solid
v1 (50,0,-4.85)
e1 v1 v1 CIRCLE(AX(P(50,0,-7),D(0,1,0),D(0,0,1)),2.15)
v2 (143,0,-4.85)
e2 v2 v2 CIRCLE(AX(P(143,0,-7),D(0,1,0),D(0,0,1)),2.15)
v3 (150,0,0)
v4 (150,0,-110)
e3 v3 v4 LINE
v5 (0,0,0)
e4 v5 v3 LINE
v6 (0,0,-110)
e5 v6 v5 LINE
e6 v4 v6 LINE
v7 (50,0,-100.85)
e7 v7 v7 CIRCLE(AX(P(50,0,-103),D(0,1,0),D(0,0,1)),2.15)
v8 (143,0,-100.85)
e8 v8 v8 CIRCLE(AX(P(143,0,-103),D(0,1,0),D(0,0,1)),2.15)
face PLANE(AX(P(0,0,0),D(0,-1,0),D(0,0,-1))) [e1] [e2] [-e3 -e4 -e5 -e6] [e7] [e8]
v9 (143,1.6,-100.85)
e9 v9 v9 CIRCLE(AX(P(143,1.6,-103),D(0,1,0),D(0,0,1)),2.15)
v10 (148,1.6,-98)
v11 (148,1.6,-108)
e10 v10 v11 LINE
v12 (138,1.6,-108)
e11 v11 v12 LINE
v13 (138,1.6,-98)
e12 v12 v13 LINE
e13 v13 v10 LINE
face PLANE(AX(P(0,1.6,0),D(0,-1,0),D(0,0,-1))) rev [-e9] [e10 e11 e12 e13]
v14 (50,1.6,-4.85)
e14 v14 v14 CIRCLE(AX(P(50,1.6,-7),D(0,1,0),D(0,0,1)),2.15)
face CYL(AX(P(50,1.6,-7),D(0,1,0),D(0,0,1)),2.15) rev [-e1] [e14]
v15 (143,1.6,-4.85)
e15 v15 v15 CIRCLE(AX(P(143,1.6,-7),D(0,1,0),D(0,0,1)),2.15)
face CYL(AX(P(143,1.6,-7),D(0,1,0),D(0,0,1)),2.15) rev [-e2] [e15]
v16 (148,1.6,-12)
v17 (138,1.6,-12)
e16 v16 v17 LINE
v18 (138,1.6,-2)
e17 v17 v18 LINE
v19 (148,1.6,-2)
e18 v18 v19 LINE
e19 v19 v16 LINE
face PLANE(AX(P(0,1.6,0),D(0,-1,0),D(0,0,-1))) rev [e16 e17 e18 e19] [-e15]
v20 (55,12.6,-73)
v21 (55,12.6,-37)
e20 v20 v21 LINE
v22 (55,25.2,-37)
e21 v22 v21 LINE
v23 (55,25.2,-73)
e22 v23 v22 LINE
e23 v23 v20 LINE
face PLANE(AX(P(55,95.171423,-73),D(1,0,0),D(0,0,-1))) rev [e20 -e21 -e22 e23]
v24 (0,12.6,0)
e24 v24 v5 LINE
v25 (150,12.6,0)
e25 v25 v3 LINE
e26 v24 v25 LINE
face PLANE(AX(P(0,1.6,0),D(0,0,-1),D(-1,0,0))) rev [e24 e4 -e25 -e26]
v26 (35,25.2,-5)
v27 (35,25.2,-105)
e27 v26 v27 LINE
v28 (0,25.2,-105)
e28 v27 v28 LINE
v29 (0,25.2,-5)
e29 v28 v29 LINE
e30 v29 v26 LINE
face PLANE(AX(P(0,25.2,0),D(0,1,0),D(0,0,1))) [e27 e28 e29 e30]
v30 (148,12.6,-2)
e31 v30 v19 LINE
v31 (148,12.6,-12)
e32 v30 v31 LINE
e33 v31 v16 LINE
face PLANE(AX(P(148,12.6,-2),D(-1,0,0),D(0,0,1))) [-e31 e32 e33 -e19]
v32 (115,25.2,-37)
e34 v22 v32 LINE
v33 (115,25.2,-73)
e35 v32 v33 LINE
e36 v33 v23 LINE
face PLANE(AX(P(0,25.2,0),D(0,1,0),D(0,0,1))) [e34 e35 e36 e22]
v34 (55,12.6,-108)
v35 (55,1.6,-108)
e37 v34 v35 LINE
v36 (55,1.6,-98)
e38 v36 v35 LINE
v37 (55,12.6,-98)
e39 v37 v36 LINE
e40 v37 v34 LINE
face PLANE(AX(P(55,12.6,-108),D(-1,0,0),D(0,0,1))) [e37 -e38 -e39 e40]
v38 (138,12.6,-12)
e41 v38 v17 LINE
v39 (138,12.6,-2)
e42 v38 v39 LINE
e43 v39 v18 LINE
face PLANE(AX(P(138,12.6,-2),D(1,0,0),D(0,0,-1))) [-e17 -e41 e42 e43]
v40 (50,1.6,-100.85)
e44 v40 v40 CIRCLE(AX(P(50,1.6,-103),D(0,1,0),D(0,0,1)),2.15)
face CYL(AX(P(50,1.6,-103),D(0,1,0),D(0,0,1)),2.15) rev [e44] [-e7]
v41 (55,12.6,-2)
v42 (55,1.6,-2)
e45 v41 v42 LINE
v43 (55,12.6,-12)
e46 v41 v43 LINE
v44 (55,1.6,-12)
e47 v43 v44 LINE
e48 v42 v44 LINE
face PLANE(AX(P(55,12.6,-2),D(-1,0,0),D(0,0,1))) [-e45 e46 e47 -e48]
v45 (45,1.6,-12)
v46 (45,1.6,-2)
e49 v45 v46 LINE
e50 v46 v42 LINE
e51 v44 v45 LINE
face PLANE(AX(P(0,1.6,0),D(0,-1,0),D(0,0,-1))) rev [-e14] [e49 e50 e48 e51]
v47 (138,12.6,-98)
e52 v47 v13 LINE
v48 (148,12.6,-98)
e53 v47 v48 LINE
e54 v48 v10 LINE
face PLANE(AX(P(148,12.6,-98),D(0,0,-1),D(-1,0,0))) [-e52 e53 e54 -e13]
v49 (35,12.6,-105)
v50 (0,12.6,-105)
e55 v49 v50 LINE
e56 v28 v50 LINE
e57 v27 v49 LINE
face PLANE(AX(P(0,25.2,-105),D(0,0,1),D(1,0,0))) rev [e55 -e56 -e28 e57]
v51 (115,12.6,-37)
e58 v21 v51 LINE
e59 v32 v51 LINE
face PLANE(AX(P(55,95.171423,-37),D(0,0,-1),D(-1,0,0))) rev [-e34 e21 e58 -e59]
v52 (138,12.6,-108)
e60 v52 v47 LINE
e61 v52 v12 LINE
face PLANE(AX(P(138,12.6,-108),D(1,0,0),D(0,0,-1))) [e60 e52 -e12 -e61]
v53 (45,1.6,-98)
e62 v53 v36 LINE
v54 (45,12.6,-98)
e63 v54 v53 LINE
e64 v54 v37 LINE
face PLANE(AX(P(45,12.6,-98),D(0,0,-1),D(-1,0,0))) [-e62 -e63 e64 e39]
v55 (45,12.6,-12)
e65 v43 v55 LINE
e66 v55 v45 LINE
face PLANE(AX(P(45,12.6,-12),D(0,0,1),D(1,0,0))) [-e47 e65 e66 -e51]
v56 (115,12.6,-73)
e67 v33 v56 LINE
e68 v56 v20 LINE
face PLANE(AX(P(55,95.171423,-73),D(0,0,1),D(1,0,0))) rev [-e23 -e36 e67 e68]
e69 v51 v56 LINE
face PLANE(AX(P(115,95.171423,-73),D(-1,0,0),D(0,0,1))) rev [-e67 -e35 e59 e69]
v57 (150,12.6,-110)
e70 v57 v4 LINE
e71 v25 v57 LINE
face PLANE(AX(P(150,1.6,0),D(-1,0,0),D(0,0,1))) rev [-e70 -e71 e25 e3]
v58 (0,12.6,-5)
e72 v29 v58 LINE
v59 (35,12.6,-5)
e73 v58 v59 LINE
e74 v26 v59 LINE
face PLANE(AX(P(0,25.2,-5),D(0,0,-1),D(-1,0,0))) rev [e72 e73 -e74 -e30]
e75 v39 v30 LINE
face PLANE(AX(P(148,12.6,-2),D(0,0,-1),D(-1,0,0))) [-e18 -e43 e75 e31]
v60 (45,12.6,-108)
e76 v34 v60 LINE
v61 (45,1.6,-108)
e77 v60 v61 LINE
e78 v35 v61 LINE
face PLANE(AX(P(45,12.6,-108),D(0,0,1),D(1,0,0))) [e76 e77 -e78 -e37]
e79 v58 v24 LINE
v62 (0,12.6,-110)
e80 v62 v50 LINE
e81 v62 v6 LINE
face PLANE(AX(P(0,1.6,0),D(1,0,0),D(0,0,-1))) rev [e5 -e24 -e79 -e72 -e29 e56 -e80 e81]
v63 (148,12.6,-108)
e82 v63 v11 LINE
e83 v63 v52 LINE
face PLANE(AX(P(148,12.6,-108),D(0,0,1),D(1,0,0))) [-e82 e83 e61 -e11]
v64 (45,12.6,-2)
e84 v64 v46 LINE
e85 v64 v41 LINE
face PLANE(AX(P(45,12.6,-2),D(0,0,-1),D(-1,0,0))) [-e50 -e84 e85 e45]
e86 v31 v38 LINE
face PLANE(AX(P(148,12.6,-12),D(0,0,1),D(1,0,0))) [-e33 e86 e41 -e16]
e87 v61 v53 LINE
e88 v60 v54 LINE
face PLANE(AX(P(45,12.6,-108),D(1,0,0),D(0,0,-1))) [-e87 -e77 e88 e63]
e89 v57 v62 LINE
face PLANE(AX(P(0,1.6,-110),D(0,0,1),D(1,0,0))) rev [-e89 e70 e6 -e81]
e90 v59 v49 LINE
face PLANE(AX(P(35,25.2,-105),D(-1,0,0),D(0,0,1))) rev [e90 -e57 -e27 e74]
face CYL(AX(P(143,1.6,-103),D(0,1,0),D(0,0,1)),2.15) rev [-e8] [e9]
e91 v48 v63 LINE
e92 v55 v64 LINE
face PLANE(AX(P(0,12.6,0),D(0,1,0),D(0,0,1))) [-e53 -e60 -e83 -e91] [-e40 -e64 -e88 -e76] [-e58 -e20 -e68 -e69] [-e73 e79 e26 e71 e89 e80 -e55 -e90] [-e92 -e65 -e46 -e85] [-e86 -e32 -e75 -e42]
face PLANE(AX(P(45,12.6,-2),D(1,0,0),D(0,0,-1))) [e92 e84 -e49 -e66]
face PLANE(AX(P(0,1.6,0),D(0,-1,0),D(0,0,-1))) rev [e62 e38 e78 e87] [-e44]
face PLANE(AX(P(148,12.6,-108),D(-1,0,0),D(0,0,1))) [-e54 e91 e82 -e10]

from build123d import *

# Parameters (mm, degrees)
SKETCH1_W                  = 150
SKETCH1_H                  = 110
BOSS_EXTRUDE1_DEPTH        = 1.6
SKETCH2_W                  = 150
SKETCH2_H                  = 110
SKETCH2_W_2                = 10
SKETCH2_H_2                = 10
BOSS_EXTRUDE2_DEPTH        = 11
F_4_0_4_3_DIAMETER_HOLE1_D = 4.3
SKETCH3_W                  = 35
SKETCH3_H                  = 100
BOSS_EXTRUDE3_DEPTH        = 12.6
SKETCH4_W                  = 60
SKETCH4_H                  = 36
BOSS_EXTRUDE4_DEPTH        = 12.6


with BuildPart() as part:
    # Sketch1 → Boss-Extrude1 (new body)
    with BuildSketch(Plane(origin=(0, 0, 0), x_dir=(1, 0, 0), z_dir=(0, 1, 0))):
        with Locations((75, 55)):
            Rectangle(SKETCH1_W, SKETCH1_H)
    extrude(amount=BOSS_EXTRUDE1_DEPTH)

    # Sketch2 → Boss-Extrude2 (add)
    with BuildSketch(Plane(origin=(0, 1.6, 0), x_dir=(1, 0, 0), z_dir=(0, 1, 0))):
        with Locations((75, 55)):
            Rectangle(SKETCH2_W, SKETCH2_H)
        with Locations((50, 103)):
            Rectangle(SKETCH2_W_2, SKETCH2_H_2, mode=Mode.SUBTRACT)
        with Locations((143, 103)):
            Rectangle(SKETCH2_W_2, SKETCH2_H_2, mode=Mode.SUBTRACT)
        with Locations((143, 7)):
            Rectangle(SKETCH2_W_2, SKETCH2_H_2, mode=Mode.SUBTRACT)
        with Locations((50, 7)):
            Rectangle(SKETCH2_W_2, SKETCH2_H_2, mode=Mode.SUBTRACT)
    extrude(amount=BOSS_EXTRUDE2_DEPTH)

    # Ø4.0 (4.3) Diameter Hole1 (through all)
    with Locations(Plane(origin=(0, 1.6, 0), x_dir=(1, 0, 0), z_dir=(0, 1, 0))):
        with Locations((143, 103), (50, 103), (50, 7), (143, 7)):
            Hole(F_4_0_4_3_DIAMETER_HOLE1_D / 2)

    # Sketch3 → Boss-Extrude3 (add)
    with BuildSketch(Plane(origin=(0, 12.6, 0), x_dir=(1, 0, 0), z_dir=(0, 1, 0))):
        with Locations((17.5, 55)):
            Rectangle(SKETCH3_W, SKETCH3_H)
    extrude(amount=BOSS_EXTRUDE3_DEPTH)

    # Sketch4 → Boss-Extrude4 (add)
    with BuildSketch(Plane(origin=(0, 12.6, 0), x_dir=(1, 0, 0), z_dir=(0, 1, 0))):
        with Locations((85, 55)):
            Rectangle(SKETCH4_W, SKETCH4_H)
    extrude(amount=BOSS_EXTRUDE4_DEPTH)


solid = part.part
